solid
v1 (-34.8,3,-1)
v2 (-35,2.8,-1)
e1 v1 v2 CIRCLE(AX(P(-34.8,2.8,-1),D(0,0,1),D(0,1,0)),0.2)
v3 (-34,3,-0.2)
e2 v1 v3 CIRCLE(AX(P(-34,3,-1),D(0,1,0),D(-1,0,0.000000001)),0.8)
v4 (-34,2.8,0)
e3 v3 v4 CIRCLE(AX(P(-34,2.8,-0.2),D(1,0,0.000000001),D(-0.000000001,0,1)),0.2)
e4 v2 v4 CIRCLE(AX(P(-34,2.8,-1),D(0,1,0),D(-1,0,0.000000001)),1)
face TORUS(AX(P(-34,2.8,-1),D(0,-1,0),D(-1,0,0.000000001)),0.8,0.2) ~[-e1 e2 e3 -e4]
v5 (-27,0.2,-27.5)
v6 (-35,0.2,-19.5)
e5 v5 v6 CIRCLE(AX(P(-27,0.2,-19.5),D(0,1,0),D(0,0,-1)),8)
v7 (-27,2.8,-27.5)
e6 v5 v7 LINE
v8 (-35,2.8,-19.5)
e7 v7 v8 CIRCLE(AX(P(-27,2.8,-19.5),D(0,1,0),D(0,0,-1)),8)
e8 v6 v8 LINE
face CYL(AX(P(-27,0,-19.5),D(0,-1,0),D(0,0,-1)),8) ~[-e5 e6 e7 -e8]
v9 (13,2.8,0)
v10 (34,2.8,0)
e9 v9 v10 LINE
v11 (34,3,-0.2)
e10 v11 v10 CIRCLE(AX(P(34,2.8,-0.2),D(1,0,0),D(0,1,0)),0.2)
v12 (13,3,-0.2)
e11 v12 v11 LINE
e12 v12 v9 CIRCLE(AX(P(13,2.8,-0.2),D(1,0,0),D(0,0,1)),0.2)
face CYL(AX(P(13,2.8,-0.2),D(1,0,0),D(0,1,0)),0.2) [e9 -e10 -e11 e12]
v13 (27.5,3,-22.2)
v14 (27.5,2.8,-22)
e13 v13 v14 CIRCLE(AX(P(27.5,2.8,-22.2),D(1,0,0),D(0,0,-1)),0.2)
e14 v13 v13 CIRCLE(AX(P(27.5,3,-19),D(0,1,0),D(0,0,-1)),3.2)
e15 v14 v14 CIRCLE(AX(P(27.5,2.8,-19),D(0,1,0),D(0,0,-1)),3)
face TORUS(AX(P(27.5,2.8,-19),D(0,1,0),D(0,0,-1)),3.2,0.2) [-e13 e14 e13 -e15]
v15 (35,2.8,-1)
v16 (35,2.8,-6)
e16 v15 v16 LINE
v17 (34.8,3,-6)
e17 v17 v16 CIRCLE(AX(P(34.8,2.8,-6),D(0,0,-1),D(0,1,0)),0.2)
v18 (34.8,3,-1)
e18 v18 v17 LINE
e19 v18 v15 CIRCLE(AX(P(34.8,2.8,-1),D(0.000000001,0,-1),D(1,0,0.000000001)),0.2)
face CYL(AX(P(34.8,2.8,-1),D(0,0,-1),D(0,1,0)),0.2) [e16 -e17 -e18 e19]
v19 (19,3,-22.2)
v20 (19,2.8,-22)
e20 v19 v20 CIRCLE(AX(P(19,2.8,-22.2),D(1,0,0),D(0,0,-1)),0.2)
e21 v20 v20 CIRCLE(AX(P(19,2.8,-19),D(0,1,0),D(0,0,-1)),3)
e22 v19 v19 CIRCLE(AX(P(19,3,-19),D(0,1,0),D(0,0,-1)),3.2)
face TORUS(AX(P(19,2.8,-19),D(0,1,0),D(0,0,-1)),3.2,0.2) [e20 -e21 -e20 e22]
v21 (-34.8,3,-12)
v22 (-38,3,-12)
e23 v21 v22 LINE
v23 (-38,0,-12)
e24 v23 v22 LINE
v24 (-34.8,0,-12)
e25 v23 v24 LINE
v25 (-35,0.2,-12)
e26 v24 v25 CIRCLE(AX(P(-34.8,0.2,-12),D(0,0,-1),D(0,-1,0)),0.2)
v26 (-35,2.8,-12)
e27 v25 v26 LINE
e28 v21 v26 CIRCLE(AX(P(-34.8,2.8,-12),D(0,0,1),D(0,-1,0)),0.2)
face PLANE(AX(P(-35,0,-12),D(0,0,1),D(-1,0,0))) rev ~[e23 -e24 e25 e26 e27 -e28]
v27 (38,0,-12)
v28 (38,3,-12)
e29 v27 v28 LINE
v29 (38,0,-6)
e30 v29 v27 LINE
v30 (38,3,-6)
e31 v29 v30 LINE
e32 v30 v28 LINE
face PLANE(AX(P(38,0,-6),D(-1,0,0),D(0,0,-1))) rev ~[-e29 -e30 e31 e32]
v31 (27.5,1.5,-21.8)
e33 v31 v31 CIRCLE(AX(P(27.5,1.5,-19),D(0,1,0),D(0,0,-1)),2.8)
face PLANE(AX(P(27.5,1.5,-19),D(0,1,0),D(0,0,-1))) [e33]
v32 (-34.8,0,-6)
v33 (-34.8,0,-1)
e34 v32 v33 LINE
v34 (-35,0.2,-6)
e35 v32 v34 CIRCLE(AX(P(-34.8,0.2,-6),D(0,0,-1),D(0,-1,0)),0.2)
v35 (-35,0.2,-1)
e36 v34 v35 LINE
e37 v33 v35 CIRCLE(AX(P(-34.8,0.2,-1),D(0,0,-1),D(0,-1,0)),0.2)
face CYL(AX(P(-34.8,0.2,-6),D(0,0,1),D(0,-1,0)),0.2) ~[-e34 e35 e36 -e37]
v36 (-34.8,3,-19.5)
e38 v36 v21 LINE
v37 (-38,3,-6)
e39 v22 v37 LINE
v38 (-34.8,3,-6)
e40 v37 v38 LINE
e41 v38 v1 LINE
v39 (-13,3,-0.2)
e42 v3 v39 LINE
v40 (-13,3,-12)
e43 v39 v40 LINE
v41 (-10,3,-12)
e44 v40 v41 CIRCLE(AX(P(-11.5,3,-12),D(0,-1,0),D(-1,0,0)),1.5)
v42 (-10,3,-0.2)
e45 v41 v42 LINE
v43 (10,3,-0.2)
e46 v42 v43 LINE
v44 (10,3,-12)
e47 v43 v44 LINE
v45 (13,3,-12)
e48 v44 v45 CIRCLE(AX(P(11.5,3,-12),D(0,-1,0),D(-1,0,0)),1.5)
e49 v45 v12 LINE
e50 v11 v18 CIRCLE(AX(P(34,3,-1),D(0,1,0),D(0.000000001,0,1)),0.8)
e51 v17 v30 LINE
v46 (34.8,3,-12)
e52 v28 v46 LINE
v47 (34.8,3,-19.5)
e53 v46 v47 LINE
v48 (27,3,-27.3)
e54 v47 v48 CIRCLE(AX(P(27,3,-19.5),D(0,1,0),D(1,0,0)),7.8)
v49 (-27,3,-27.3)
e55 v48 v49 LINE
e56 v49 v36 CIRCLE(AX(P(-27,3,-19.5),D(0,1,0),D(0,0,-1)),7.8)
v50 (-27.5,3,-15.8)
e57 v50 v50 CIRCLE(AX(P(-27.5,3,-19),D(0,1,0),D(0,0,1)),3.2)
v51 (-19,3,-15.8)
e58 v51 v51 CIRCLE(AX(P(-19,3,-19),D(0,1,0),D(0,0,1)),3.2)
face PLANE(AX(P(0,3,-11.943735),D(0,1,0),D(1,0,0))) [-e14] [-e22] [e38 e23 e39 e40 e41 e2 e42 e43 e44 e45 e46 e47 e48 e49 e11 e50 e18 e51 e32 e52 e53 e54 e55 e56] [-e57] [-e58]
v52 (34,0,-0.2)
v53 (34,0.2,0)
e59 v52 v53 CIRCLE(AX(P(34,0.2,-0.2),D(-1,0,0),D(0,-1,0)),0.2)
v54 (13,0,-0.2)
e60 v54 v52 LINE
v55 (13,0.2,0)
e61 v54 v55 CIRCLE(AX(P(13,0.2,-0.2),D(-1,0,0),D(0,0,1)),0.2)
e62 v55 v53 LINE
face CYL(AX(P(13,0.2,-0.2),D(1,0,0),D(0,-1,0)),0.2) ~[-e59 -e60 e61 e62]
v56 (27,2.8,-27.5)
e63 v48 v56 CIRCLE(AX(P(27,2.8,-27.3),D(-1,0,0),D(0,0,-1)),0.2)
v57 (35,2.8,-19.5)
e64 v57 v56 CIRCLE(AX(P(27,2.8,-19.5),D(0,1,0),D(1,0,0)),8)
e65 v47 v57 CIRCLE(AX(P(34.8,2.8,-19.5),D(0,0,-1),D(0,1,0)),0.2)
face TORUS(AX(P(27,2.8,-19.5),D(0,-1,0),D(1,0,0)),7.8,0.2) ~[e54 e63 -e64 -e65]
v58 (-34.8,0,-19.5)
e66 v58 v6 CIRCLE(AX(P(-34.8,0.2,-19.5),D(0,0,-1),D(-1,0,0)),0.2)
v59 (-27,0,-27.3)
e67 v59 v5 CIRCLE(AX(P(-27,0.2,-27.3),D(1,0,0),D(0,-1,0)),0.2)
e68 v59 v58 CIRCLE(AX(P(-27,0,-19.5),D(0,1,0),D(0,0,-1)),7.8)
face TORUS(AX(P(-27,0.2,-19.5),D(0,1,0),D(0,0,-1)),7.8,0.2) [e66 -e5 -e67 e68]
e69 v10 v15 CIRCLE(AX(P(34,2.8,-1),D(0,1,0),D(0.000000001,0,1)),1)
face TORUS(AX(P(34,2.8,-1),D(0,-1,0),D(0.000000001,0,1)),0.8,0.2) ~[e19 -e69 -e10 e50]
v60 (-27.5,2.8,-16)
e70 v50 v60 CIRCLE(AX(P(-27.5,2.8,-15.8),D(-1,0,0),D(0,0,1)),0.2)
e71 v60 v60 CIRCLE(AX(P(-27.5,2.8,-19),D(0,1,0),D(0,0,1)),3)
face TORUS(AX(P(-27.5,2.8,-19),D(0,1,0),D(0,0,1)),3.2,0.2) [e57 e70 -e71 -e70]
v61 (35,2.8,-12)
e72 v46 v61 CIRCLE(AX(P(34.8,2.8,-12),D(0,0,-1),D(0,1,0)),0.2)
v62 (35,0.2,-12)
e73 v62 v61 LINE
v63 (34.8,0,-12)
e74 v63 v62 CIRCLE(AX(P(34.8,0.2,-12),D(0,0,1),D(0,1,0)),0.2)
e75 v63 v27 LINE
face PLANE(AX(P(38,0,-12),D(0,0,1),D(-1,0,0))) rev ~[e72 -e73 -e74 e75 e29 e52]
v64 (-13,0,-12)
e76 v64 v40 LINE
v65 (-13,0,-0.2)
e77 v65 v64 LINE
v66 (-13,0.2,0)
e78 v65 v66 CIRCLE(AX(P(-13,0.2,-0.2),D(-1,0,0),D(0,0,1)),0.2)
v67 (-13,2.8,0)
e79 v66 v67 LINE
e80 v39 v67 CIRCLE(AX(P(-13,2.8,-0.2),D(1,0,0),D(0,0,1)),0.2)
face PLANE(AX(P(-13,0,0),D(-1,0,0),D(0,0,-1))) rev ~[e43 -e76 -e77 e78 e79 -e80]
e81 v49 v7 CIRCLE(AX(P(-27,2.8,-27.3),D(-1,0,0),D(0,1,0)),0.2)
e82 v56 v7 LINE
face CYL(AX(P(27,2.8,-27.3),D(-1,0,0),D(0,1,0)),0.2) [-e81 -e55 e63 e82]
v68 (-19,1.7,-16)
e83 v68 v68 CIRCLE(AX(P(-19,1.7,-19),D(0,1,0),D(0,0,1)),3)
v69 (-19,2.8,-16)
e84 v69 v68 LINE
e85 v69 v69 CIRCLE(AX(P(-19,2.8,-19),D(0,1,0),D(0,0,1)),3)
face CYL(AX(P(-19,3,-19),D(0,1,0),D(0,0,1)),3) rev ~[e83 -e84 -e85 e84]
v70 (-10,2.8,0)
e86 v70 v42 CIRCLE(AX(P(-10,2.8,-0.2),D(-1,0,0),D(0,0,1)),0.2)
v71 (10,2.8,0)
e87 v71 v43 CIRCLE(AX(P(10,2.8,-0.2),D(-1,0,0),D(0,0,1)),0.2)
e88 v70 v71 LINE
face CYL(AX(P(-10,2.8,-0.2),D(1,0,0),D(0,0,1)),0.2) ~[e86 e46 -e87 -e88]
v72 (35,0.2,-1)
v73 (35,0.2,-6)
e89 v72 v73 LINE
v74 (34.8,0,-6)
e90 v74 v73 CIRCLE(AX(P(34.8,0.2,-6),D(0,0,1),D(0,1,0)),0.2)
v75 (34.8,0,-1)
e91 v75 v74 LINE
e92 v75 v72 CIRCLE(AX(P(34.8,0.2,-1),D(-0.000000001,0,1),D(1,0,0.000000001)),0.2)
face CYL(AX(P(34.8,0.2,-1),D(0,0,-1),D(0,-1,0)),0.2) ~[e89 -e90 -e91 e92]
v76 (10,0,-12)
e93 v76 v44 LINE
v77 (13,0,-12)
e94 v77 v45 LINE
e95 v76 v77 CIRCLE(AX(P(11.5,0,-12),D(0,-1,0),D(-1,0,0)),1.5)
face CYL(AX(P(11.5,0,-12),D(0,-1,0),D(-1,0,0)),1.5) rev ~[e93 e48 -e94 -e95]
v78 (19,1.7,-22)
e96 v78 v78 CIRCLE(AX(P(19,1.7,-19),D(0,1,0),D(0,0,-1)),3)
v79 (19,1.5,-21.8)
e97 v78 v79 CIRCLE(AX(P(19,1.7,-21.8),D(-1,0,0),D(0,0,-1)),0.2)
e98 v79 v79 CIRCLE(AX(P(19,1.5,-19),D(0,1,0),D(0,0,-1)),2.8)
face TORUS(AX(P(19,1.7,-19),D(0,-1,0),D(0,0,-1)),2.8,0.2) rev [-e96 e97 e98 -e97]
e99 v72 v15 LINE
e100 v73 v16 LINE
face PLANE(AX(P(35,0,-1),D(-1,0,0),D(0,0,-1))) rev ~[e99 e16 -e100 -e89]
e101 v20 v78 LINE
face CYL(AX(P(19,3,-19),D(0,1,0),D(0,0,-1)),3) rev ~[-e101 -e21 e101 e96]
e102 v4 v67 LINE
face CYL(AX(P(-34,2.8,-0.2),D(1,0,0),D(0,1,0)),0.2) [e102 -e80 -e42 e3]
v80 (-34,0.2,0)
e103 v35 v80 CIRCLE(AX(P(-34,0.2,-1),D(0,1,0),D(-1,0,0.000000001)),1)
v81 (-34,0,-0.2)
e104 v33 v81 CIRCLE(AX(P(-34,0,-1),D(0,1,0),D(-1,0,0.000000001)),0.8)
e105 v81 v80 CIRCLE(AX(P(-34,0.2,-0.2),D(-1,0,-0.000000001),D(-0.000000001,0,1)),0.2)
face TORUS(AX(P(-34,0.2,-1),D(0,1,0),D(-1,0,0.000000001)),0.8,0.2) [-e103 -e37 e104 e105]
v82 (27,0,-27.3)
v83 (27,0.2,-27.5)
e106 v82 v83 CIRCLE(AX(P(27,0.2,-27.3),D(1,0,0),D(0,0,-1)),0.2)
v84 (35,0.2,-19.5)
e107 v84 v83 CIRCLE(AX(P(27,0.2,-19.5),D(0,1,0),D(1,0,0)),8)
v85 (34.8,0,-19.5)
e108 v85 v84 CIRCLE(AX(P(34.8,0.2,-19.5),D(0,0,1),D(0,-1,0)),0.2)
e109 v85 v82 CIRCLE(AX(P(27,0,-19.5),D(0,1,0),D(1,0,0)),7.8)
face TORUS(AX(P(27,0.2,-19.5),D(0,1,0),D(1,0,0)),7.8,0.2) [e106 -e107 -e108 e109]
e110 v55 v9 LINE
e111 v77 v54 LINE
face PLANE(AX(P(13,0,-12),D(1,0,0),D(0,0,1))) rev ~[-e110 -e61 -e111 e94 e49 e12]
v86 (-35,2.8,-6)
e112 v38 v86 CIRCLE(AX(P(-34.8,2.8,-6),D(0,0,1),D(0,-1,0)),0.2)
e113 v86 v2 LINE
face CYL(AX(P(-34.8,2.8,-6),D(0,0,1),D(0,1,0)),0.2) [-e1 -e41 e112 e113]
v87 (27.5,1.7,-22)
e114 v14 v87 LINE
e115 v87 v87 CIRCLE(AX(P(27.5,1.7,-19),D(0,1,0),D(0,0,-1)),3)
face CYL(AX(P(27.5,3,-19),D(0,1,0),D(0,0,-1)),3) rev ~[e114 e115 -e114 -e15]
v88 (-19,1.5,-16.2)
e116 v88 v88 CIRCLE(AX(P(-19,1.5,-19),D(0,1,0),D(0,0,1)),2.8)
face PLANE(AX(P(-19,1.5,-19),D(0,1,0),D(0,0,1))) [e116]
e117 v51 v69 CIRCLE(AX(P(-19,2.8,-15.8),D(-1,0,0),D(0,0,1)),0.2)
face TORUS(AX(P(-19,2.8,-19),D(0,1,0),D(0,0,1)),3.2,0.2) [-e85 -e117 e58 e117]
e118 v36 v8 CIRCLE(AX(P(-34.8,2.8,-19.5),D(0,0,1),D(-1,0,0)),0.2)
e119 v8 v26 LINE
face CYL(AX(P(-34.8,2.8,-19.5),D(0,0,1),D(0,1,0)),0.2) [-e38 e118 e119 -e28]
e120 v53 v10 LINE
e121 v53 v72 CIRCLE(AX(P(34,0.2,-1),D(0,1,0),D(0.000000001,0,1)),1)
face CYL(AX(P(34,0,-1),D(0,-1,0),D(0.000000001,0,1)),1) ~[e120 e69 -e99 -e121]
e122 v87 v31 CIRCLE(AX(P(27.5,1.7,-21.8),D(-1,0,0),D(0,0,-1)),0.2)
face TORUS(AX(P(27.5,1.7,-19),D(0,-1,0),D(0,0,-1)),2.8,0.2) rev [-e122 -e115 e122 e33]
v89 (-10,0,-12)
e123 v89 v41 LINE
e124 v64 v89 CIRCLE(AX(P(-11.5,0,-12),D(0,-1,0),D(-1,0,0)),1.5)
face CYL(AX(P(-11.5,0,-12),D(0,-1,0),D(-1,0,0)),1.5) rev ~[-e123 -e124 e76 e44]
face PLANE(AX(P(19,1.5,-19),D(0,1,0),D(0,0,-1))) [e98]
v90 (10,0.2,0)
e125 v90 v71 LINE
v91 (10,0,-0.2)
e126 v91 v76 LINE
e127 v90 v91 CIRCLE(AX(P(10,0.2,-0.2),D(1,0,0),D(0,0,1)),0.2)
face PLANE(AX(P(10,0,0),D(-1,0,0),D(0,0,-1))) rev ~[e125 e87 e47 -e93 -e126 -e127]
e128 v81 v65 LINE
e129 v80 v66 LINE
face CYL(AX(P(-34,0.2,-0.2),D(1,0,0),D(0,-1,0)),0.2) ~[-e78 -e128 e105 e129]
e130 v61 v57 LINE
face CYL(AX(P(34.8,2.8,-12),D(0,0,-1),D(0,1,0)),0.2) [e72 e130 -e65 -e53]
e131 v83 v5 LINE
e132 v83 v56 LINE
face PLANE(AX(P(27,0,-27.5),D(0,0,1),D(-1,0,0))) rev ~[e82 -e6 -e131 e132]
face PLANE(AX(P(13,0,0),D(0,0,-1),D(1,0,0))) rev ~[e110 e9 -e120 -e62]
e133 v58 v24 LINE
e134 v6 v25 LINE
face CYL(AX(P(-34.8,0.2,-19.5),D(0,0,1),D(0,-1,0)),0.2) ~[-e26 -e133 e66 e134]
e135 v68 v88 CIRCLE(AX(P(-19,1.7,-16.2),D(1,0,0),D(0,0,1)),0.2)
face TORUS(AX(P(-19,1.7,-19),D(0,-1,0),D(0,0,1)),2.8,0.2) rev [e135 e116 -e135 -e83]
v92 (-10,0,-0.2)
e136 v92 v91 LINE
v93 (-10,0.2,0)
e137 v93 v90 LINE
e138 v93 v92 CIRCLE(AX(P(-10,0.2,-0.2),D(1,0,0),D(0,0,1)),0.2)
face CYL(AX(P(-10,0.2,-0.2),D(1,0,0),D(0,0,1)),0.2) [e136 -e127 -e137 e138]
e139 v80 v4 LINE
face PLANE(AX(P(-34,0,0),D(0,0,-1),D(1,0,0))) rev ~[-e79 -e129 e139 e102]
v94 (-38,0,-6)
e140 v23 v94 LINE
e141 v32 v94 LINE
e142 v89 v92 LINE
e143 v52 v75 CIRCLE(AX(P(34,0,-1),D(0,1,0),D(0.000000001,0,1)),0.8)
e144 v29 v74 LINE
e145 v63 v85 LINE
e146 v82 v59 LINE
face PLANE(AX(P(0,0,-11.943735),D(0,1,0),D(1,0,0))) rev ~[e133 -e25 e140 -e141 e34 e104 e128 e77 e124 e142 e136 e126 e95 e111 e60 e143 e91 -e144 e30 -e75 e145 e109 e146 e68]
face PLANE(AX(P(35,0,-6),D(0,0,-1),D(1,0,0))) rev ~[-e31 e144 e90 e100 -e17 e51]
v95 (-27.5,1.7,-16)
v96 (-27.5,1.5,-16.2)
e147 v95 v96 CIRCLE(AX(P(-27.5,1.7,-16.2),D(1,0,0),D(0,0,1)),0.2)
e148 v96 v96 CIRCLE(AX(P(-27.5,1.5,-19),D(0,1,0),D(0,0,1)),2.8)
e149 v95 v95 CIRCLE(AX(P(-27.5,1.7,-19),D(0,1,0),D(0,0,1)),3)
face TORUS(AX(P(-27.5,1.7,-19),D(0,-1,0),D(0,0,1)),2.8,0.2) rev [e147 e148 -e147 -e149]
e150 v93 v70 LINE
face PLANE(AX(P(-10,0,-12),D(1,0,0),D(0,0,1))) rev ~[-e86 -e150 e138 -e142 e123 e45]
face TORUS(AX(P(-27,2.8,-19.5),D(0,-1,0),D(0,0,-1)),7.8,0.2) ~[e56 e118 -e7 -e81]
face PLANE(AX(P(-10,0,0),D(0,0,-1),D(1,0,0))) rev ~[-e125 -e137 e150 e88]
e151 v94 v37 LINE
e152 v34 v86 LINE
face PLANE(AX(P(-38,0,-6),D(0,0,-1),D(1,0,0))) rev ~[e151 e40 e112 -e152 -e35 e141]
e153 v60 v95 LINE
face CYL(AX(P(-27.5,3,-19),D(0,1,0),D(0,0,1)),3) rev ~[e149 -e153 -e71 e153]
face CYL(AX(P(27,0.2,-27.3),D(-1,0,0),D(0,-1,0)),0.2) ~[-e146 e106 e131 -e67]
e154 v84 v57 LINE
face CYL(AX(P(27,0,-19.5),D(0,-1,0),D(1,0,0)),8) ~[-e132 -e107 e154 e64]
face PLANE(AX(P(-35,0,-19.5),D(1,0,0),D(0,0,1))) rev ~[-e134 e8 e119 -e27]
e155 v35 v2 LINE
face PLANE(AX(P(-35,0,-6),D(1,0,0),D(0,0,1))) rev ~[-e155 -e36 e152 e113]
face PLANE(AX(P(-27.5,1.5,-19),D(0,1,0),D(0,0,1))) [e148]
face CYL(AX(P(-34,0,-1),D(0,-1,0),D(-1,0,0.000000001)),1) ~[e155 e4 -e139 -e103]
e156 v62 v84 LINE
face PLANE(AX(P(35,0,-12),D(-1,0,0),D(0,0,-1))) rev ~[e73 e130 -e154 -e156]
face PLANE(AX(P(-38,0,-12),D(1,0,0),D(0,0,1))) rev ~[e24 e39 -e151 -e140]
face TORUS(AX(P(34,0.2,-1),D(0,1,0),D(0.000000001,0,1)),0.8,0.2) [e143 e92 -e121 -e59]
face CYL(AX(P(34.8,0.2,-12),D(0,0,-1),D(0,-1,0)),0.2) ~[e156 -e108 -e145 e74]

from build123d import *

# Parameters (mm, degrees)
BOSS_EXTRUDE1_DEPTH = 3
SKETCH2_R           = 3
CUT_EXTRUDE1_DEPTH  = 1.5
FILLET1_R           = 0.2


with BuildPart() as part:
    # Sketch1 → Boss-Extrude1 (new body)
    with BuildSketch(Plane(origin=(0, 0, 0), x_dir=(1, 0, 0), z_dir=(0, 1, 0))):
        with BuildLine():
            Line((-10, 12), (-10, 0))
            Line((-10, 0), (10, 0))
            Line((10, 0), (10, 12))
            ThreePointArc((10, 12), (11.5, 13.5), (13, 12))
            Line((13, 12), (13, 0))
            Line((13, 0), (34, 0))
            ThreePointArc((34, 0), (34.707106781, 0.292893219), (35, 1))
            Line((35, 1), (35, 6))
            Line((35, 6), (38, 6))
            Line((38, 6), (38, 12))
            Line((38, 12), (35, 12))
            Line((35, 12), (35, 19.5))
            ThreePointArc((35, 19.5), (32.656854249, 25.156854249), (27, 27.5))
            Line((27, 27.5), (-27, 27.5))
            ThreePointArc((-27, 27.5), (-32.656854249, 25.156854249), (-35, 19.5))
            Line((-35, 19.5), (-35, 12))
            Line((-35, 12), (-38, 12))
            Line((-38, 12), (-38, 6))
            Line((-38, 6), (-35, 6))
            Line((-35, 6), (-35, 1))
            ThreePointArc((-35, 1), (-34.707106781, 0.292893219), (-34, 0))
            Line((-34, 0), (-13, 0))
            Line((-13, 0), (-13, 12))
            ThreePointArc((-13, 12), (-11.5, 13.5), (-10, 12))
        make_face()
    extrude(amount=BOSS_EXTRUDE1_DEPTH)

    # Sketch2 → Cut-Extrude1 (cut)
    with BuildSketch(Plane(origin=(0, 3, 0), x_dir=(1, 0, 0), z_dir=(0, 1, 0))):
        with Locations(Location((-27.5, 19, 0), (0, 0, 270))):
            Circle(SKETCH2_R)
        with Locations(Location((-19, 19, 0), (0, 0, 270))):
            Circle(SKETCH2_R)
        with Locations(Location((19, 19, 0), (0, 0, 90))):
            Circle(SKETCH2_R)
        with Locations(Location((27.5, 19, 0), (0, 0, 90))):
            Circle(SKETCH2_R)
    extrude(amount=-CUT_EXTRUDE1_DEPTH, mode=Mode.SUBTRACT)

    # Fillet1
    fillet1_edges = [part.edges().sort_by_distance(p)[0] for p in [
        (-35, 3, -3.5),
        (0, 0, -27.5),
        (32.656854249, 0, -25.156854249),
        (35, 0, -15.75),
        (-34.707106781, 3, -0.292893219),
        (35, 0, -3.5),
        (34.707106781, 0, -0.292893219),
        (23.5, 0, 0),
        (-23.5, 3, 0),
        (0, 0, 0),
        (-23.5, 0, 0),
        (-34.707106781, 0, -0.292893219),
        (-35, 0, -3.5),
        (-35, 0, -15.75),
        (-32.656854249, 0, -25.156854249),
        (0, 3, 0),
        (-32.656854249, 3, -25.156854249),
        (23.5, 3, 0),
        (34.707106781, 3, -0.292893219),
        (35, 3, -3.5),
        (-27.5, 1.5, -22),
        (-27.5, 3, -22),
        (35, 3, -15.75),
        (-19, 1.5, -22),
        (-19, 3, -22),
        (-35, 3, -15.75),
        (32.656854249, 3, -25.156854249),
        (19, 1.5, -16),
        (19, 3, -16),
        (0, 3, -27.5),
        (27.5, 1.5, -16),
        (27.5, 3, -16),
    ]]
    fillet(fillet1_edges, radius=FILLET1_R)


solid = part.part
